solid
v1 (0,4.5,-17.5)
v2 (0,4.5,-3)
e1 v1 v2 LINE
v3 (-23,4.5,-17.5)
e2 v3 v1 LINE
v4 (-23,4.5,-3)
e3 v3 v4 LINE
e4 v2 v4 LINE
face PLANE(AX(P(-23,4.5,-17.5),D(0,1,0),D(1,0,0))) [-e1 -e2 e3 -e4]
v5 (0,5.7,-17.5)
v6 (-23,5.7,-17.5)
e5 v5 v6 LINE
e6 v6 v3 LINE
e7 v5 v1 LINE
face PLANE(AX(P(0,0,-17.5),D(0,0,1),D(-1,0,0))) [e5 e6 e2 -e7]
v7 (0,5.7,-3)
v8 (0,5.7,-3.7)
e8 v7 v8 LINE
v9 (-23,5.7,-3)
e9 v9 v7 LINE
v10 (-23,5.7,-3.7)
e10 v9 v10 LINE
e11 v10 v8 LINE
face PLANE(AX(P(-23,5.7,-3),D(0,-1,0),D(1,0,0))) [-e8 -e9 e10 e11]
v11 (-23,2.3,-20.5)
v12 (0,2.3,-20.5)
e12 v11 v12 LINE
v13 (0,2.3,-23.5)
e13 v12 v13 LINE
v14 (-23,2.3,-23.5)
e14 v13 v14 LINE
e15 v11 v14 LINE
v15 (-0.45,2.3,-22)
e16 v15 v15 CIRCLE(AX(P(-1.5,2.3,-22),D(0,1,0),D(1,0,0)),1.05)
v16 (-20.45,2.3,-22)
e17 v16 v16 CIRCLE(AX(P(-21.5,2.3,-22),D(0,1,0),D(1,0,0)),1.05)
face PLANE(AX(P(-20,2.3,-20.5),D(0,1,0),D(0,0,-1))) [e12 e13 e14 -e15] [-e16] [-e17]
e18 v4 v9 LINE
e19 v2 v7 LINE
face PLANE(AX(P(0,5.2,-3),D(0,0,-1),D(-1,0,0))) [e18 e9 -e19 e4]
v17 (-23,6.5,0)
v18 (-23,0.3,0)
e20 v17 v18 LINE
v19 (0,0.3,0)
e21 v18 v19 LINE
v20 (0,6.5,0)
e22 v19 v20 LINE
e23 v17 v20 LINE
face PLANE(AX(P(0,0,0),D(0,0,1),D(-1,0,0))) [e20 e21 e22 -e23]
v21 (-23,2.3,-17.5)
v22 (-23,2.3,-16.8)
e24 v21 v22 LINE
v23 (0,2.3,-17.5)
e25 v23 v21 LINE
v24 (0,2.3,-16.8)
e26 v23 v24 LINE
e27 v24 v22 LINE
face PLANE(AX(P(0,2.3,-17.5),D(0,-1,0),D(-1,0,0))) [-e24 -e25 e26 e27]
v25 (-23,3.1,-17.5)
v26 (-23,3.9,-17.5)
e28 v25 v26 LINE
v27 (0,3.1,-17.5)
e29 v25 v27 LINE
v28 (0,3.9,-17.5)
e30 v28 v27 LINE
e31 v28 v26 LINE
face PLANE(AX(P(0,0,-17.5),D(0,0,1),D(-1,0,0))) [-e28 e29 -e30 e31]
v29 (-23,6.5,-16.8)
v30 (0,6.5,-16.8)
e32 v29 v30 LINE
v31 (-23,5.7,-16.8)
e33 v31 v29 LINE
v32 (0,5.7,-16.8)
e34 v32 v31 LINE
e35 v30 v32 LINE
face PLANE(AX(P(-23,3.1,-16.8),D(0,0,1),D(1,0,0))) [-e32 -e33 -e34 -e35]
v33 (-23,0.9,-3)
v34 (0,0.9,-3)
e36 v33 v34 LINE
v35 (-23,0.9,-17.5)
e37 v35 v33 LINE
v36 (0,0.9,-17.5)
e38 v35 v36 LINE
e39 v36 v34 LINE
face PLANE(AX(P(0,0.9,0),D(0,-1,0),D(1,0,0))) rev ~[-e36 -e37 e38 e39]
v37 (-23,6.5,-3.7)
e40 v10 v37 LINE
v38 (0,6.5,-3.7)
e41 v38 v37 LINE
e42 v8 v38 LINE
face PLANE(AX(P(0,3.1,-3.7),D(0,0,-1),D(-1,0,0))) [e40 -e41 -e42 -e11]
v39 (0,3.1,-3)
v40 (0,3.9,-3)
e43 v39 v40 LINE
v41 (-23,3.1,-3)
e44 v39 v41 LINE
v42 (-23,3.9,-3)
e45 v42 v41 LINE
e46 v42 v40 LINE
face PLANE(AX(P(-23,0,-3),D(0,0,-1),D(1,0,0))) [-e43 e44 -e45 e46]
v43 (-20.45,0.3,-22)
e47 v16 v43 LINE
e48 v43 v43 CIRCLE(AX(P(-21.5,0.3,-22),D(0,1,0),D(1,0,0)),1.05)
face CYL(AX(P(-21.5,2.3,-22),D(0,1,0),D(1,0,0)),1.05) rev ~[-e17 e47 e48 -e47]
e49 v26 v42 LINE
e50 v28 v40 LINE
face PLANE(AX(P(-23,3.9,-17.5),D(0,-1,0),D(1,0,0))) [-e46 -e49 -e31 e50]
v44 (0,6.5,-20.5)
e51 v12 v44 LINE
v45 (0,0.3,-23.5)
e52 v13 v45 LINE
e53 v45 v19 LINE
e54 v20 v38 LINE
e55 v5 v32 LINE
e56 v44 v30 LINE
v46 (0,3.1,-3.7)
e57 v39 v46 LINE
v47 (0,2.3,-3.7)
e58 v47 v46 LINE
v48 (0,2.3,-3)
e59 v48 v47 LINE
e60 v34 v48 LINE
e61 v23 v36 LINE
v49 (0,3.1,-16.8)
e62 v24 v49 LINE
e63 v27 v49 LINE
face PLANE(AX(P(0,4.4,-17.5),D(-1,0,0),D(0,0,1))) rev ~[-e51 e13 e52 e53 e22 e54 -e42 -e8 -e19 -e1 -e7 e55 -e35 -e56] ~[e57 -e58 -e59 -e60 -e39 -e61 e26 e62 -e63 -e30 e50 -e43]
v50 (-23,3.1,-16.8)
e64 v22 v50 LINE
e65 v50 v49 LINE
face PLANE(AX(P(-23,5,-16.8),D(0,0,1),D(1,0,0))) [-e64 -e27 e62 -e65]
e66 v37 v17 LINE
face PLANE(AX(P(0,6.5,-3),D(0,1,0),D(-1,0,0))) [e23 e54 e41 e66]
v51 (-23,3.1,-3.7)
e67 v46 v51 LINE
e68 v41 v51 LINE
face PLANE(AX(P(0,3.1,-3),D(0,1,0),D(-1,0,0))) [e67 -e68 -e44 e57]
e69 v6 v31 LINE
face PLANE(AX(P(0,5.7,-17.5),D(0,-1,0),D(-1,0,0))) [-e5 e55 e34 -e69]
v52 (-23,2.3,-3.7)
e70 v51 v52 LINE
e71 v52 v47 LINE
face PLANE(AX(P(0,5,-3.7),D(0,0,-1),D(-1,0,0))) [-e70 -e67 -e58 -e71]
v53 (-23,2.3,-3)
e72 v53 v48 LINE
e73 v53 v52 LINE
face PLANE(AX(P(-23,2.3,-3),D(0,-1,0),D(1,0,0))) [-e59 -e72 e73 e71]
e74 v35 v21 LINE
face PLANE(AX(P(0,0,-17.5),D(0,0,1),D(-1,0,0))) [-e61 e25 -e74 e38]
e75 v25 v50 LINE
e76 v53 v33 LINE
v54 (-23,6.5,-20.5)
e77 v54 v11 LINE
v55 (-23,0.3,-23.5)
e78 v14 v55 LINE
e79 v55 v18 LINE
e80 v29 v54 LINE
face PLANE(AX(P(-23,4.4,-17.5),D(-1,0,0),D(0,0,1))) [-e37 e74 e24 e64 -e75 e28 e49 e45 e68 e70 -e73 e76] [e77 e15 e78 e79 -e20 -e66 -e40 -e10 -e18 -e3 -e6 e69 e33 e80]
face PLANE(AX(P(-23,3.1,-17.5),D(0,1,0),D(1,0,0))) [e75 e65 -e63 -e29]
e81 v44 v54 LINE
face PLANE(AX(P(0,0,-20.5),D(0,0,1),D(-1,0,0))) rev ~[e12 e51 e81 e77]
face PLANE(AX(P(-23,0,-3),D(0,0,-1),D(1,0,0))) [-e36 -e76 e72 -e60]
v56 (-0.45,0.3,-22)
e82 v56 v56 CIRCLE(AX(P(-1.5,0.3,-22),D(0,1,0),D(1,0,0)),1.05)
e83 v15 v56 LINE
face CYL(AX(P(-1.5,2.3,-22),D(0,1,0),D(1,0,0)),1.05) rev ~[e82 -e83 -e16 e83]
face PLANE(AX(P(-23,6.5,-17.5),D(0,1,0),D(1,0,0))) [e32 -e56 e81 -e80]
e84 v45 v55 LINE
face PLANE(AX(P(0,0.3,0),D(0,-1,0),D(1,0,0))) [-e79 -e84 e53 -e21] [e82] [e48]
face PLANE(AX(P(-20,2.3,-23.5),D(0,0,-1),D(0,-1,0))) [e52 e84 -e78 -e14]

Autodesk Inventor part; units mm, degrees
ref_plane "YZ Plane" through (0, 0, 0) normal (1, 0, 0) x (0, 1, 0)
ref_plane "XZ Plane" through (0, 0, 0) normal (0, 1, 0) x (-1, 0, 0)
ref_plane "XY Plane" through (0, 0, 0) normal (0, 0, 1) x (1, 0, 0)
sketch "Sketch1" plane through (0, 0, 0) normal (0, 1, 0) x (-1, 0, 0)
  line L0 (0, 0) -> (23, 0)
  line L1 (23, 0) -> (23, -3)
  line L2 (23, -3) -> (0, -3)
  line L3 (0, -3) -> (0, 0)
  line L4 (23, -3) -> (0, -3)
  line L5 (0, -3) -> (0, -17.5)
  line L6 (0, -17.5) -> (23, -17.5)
  line L7 (23, -17.5) -> (23, -3)
  line L8 (23, -17.5) -> (0, -17.5)
  line L9 (0, -17.5) -> (0, -20.5)
  line L10 (0, -20.5) -> (23, -20.5)
  line L11 (23, -20.5) -> (23, -17.5)
  dimension "d0" = 23
  dimension "d1" = 3
  dimension "d2" = 14.5
  dimension "d3" = 3
extrude "Extrusion1" add sketch "Sketch1" along normal blind 5 contours L0 L1 L2 L3 | L6 L11 L10 L9
sketch "Sketch2" plane through (0, 0, -3) normal (0, 0, -1) x (-1, 0, 0)
  line L0 (0, 0) -> (0, 5) projected
  line L1 (23, 0) -> (23, 5) projected
  line L2 (0, 1.8) -> (23, 1.8)
  line L3 (23, 1.8) -> (23, 1)
  line L4 (23, 1) -> (0, 1)
  line L5 (0, 1) -> (0, 1.8)
  line L6 (0, 0) -> (23, 0) projected
  point P0 (0, 1)
  dimension "d6" = 0.8
  dimension "d7" = 1
extrude "Extrusion2" add sketch "Sketch2" along normal up to surface (14.5 mm away) contours L0 L2 L1 L4
sketch "Sketch3" plane through (-23, 5, -17.5) normal (0, 0, 1) x (1, 0, 0)
  line L0 (0, -5) -> (0, 0) projected
  line L1 (23, -5) -> (23, 0) projected
  line L2 (0, -1.9) -> (23, -1.9)
  line L3 (23, -1.9) -> (23, -2.7)
  line L4 (23, -2.7) -> (0, -2.7)
  line L5 (0, -2.7) -> (0, -1.9)
  line L6 (0, -3.2) -> (23, -3.2) projected
  point P0 (0, -2.7)
  dimension "d10" = 0.8
  dimension "d11" = 0.5
extrude "Extrusion3" add sketch "Sketch3" along normal blind 0.7 contours L0 L2 L1 L4
sketch "Sketch4" plane through (0, 5, -3) normal (0, 0, -1) x (-1, 0, 0)
  line L0 (0, -2.7) -> (0, -1.9) projected
  line L1 (0, -1.9) -> (23, -1.9) projected
  line L2 (23, -1.9) -> (23, -2.7) projected
  line L3 (23, -2.7) -> (0, -2.7) projected
  point P0 (0, -5)
extrude "Extrusion4" add sketch "Sketch4" along normal blind 0.7
sketch "Sketch5" plane through (0, 5, 0) normal (0, 1, 0) x (1, 0, 0)
  line L0 (-23, 0) -> (0, 0) projected
  line L1 (0, 0) -> (0, 3) projected
  line L2 (0, 3) -> (-23, 3) projected
  line L3 (-23, 3) -> (-23, 0) projected
  line L4 (-23, 17.5) -> (0, 17.5) projected
  line L5 (0, 17.5) -> (0, 20.5) projected
  line L6 (0, 20.5) -> (-23, 20.5) projected
  line L7 (-23, 20.5) -> (-23, 17.5) projected
extrude "Extrusion5" add sketch "Sketch5" along normal blind 1.5
sketch "Sketch6" plane through (0, 3.1, -3) normal (0, 0, -1) x (-1, 0, 0)
  line L0 (0, 3.4) -> (23, 3.4) projected
  line L1 (23, 0) -> (23, 3.4) projected
  line L2 (0, 3.4) -> (23, 3.4)
  line L3 (23, 3.4) -> (23, 2.6)
  line L4 (23, 2.6) -> (0, 2.6)
  line L5 (0, 2.6) -> (0, 3.4)
  point P0 (0, -3.1)
  dimension "d18" = 0.8
extrude "Extrusion6" add sketch "Sketch6" along normal blind 0.7
sketch "Sketch7" plane through (-23, 3.1, -17.5) normal (0, 0, 1) x (1, 0, 0)
  line L0 (23, 2.6) -> (0, 2.6) projected
  line L1 (0, 2.6) -> (0, 3.4) projected
  line L2 (0, 3.4) -> (23, 3.4) projected
  line L3 (23, 3.4) -> (23, 2.6) projected
  point P0 (23, -3.1)
extrude "Extrusion7" add sketch "Sketch7" along normal blind 0.7
sketch "Sketch8" plane through (-23, 3.1, -17.5) normal (0, 0, 1) x (1, 0, 0)
  line L0 (23, 0) -> (23, 2.6) projected
  line L1 (0, 0) -> (0, 2.6) projected
  line L2 (23, 2.1) -> (0, 2.1)
  line L3 (0, 2.1) -> (0, 1.3)
  line L4 (0, 1.3) -> (23, 1.3)
  line L5 (23, 1.3) -> (23, 2.1)
  line L6 (23, 3.4) -> (0, 3.4) projected
  point P0 (23, -3.1)
  point P1 (0, 2.1)
  dimension "d23" = 0.8
  dimension "d24" = 1.3
extrude "Extrusion8" add sketch "Sketch8" along normal up to surface (14.5 mm away)
sketch "Sketch9" plane through (0, 0, 0) normal (0, -1, 0) x (1, 0, 0)
  line L0 (-23, -17.5) -> (0, -17.5) projected
  line L1 (-23, -20.5) -> (-23, -17.5) projected
  line L2 (0, -20.5) -> (-23, -20.5) projected
  line L3 (0, -17.5) -> (0, -20.5) projected
  line L4 (-23, 0) -> (0, 0) projected
  line L5 (-23, -3) -> (-23, 0) projected
  line L6 (0, -3) -> (-23, -3) projected
  line L7 (0, 0) -> (0, -3) projected
extrude "Extrusion9" cut sketch "Sketch9" against normal blind 0.3
sketch "Sketch10" plane through (0, 6.5, -20.5) normal (0, 0, -1) x (-1, 0, 0)
  line L0 (23, -6.2) -> (0, -6.2) projected
  line L1 (0, -6.2) -> (3, -6.2)
  line L2 (3, -6.2) -> (3, -4.2)
  line L3 (3, -4.2) -> (0, -4.2)
  line L4 (0, -4.2) -> (0, -6.2)
  point P0 (0, -6.5)
  dimension "d29" = 3
  dimension "d30" = 2
extrude "Extrusion10" add sketch "Sketch10" along normal blind 3
sketch "Sketch11" plane through (0, 6.5, -20.5) normal (0, 0, -1) x (-1, 0, 0)
  line L0 (23, -6.2) -> (0, -6.2) projected
  line L1 (23, -6.2) -> (20, -6.2)
  line L2 (20, -6.2) -> (20, -4.2)
  line L3 (20, -4.2) -> (23, -4.2)
  line L4 (23, -4.2) -> (23, -6.2)
  point P0 (0, -6.5)
  dimension "d33" = 3
  dimension "d34" = 2
extrude "Extrusion11" add sketch "Sketch11" along normal blind 3
sketch "Sketch12" plane through (-3, 2.3, -20.5) normal (0, 1, 0) x (1, 0, 0)
  circle A0 centre (1.5, 1.5) radius 1.05
  line L0 (3, 0) -> (3, 3) projected
  line L1 (0, 3) -> (3, 3) projected
  circle A1 centre (-18.5, 1.5) radius 1.05
  line L2 (-17, 0) -> (-17, 3) projected
  line L3 (-20, 3) -> (-17, 3) projected
  point P0 (3, -20.5)
  point P1 (1.5, 3)
  point P2 (-17, 1.5)
  point P3 (-18.5, 3)
  dimension "d37" = 2.1
  dimension "d38" = 1.5
  dimension "d39" = 1.5
  dimension "d40" = 2.1
  dimension "d41" = 1.5
  dimension "d42" = 1.5
extrude "Extrusion12" cut sketch "Sketch12" against normal blind 2
sketch "Sketch13" plane through (-20, 0.3, -20.5) normal (1, 0, 0) x (0, 0, -1)
  line L0 (-3, 4.1) -> (-17.5, 4.1) projected
  line L1 (-3, 2.8) -> (-3, 4.1) projected
  line L2 (-3, 2.8) -> (-3.7, 2.8) projected
  line L3 (-3.7, 2) -> (-3.7, 2.8) projected
  line L4 (-3, 2) -> (-3.7, 2) projected
  line L5 (-3, 1.5) -> (-3, 2) projected
  line L6 (-17.5, 1.5) -> (-3, 1.5) projected
  line L7 (-17.5, 1.5) -> (-17.5, 2) projected
  line L8 (-17.5, 2) -> (-16.8, 2) projected
  line L9 (-16.8, 2.8) -> (-16.8, 2) projected
  line L10 (-17.5, 2.8) -> (-16.8, 2.8) projected
  line L11 (-17.5, 2.8) -> (-17.5, 4.1) projected
  line L12 (-20.5, 0) -> (-17.5, 0) projected
  line L13 (-17.5, 0) -> (-17.5, 0.7) projected
  line L14 (-17.5, 0.7) -> (-3, 0.7) projected
  line L15 (-3, 0) -> (-3, 0.7) projected
  line L16 (-3, 0) -> (3, 0) projected
  line L17 (3, 2) -> (3, 0) projected
  line L18 (0, 2) -> (3, 2) projected
  line L19 (0, 2) -> (0, 6.2) projected
  line L20 (0, 6.2) -> (-3.7, 6.2) projected
  line L21 (-3.7, 5.4) -> (-3.7, 6.2) projected
  line L22 (-3, 5.4) -> (-3.7, 5.4) projected
  line L23 (-3, 4.9) -> (-3, 5.4) projected
  line L24 (-3, 4.9) -> (-17.5, 4.9) projected
  line L25 (-17.5, 4.9) -> (-17.5, 5.4) projected
  line L26 (-17.5, 5.4) -> (-16.8, 5.4) projected
  line L27 (-16.8, 6.2) -> (-16.8, 5.4) projected
  line L28 (-20.5, 6.2) -> (-16.8, 6.2) projected
  line L29 (-20.5, 0) -> (-20.5, 6.2) projected
  line L30 (0, 0) -> (0, 2) projected
  line L31 (0, 0) -> (3, 0) projected
  line L32 (3, 2) -> (3, 0) projected
  line L33 (0, 2) -> (3, 2) projected
  point P0 (-20.5, -0.3)
extrude "Extrusion13" add sketch "Sketch13" along normal up to surface (17 mm away) contours L30 L18 L17 L16
sketch "Sketch14" plane through (-23, 1, -3) normal (0, -1, 0) x (1, 0, 0)
  line L0 (23, -14.5) -> (0, -14.5) projected
  line L1 (23, 0) -> (23, -14.5) projected
  line L2 (0, 0) -> (23, 0) projected
  line L3 (0, 0) -> (0, -14.5) projected
  point P0 (23, 3)
extrude "Extrusion14" cut sketch "Sketch14" against normal blind 0.8
sketch "Sketch15" plane through (0, 0.3, 0) normal (0, -1, 0) x (1, 0, 0)
  point P0 (0, 0)
sketch "Sketch16" plane through (0, 0.3, 0) normal (0, -1, 0) x (1, 0, 0)
  circle A0 centre (-21.5, -22) radius 1.05 projected
  circle A1 centre (-1.5, -22) radius 1.05 projected
  line L0 (0, -17.5) -> (0, -23.5) projected
  line L1 (-23, -17.5) -> (0, -17.5) projected
  line L2 (-23, -23.5) -> (-23, -17.5) projected
  line L3 (0, -23.5) -> (-23, -23.5) projected
  line L4 (-23, -3) -> (0, -3) projected
  line L5 (-23, -17.5) -> (-23, -3) projected
  line L6 (0, -17.5) -> (-23, -17.5) projected
  line L7 (0, -17.5) -> (0, -3) projected
  point P0 (0, 0)
extrude "Extrusion15" add sketch "Sketch16" against normal blind 0.6 contours L1 L5 L4 L7
sketch "Sketch17" plane through (-23, 4.4, -17.5) normal (0, -1, 0) x (1, 0, 0)
  line L0 (0, 14.5) -> (23, 14.5) projected
  line L1 (0, 0) -> (0, 14.5) projected
  line L2 (23, 0) -> (0, 0) projected
  line L3 (23, 0) -> (23, 14.5) projected
  point P0 (23, 17.5)
extrude "Extrusion16" add sketch "Sketch17" along normal blind 0.5
sketch "Sketch18" plane through (-23, 5.2, -17.5) normal (0, 1, 0) x (1, 0, 0)
  line L0 (23, -14.5) -> (0, -14.5) projected
  line L1 (23, 0) -> (23, -14.5) projected
  line L2 (0, 0) -> (23, 0) projected
  line L3 (0, 0) -> (0, -14.5) projected
  point P0 (23, -17.5)
extrude "Extrusion17" cut sketch "Sketch18" against normal blind 0.7
properties part number "drvholder" material "Tworzywo sztuczne PET"
